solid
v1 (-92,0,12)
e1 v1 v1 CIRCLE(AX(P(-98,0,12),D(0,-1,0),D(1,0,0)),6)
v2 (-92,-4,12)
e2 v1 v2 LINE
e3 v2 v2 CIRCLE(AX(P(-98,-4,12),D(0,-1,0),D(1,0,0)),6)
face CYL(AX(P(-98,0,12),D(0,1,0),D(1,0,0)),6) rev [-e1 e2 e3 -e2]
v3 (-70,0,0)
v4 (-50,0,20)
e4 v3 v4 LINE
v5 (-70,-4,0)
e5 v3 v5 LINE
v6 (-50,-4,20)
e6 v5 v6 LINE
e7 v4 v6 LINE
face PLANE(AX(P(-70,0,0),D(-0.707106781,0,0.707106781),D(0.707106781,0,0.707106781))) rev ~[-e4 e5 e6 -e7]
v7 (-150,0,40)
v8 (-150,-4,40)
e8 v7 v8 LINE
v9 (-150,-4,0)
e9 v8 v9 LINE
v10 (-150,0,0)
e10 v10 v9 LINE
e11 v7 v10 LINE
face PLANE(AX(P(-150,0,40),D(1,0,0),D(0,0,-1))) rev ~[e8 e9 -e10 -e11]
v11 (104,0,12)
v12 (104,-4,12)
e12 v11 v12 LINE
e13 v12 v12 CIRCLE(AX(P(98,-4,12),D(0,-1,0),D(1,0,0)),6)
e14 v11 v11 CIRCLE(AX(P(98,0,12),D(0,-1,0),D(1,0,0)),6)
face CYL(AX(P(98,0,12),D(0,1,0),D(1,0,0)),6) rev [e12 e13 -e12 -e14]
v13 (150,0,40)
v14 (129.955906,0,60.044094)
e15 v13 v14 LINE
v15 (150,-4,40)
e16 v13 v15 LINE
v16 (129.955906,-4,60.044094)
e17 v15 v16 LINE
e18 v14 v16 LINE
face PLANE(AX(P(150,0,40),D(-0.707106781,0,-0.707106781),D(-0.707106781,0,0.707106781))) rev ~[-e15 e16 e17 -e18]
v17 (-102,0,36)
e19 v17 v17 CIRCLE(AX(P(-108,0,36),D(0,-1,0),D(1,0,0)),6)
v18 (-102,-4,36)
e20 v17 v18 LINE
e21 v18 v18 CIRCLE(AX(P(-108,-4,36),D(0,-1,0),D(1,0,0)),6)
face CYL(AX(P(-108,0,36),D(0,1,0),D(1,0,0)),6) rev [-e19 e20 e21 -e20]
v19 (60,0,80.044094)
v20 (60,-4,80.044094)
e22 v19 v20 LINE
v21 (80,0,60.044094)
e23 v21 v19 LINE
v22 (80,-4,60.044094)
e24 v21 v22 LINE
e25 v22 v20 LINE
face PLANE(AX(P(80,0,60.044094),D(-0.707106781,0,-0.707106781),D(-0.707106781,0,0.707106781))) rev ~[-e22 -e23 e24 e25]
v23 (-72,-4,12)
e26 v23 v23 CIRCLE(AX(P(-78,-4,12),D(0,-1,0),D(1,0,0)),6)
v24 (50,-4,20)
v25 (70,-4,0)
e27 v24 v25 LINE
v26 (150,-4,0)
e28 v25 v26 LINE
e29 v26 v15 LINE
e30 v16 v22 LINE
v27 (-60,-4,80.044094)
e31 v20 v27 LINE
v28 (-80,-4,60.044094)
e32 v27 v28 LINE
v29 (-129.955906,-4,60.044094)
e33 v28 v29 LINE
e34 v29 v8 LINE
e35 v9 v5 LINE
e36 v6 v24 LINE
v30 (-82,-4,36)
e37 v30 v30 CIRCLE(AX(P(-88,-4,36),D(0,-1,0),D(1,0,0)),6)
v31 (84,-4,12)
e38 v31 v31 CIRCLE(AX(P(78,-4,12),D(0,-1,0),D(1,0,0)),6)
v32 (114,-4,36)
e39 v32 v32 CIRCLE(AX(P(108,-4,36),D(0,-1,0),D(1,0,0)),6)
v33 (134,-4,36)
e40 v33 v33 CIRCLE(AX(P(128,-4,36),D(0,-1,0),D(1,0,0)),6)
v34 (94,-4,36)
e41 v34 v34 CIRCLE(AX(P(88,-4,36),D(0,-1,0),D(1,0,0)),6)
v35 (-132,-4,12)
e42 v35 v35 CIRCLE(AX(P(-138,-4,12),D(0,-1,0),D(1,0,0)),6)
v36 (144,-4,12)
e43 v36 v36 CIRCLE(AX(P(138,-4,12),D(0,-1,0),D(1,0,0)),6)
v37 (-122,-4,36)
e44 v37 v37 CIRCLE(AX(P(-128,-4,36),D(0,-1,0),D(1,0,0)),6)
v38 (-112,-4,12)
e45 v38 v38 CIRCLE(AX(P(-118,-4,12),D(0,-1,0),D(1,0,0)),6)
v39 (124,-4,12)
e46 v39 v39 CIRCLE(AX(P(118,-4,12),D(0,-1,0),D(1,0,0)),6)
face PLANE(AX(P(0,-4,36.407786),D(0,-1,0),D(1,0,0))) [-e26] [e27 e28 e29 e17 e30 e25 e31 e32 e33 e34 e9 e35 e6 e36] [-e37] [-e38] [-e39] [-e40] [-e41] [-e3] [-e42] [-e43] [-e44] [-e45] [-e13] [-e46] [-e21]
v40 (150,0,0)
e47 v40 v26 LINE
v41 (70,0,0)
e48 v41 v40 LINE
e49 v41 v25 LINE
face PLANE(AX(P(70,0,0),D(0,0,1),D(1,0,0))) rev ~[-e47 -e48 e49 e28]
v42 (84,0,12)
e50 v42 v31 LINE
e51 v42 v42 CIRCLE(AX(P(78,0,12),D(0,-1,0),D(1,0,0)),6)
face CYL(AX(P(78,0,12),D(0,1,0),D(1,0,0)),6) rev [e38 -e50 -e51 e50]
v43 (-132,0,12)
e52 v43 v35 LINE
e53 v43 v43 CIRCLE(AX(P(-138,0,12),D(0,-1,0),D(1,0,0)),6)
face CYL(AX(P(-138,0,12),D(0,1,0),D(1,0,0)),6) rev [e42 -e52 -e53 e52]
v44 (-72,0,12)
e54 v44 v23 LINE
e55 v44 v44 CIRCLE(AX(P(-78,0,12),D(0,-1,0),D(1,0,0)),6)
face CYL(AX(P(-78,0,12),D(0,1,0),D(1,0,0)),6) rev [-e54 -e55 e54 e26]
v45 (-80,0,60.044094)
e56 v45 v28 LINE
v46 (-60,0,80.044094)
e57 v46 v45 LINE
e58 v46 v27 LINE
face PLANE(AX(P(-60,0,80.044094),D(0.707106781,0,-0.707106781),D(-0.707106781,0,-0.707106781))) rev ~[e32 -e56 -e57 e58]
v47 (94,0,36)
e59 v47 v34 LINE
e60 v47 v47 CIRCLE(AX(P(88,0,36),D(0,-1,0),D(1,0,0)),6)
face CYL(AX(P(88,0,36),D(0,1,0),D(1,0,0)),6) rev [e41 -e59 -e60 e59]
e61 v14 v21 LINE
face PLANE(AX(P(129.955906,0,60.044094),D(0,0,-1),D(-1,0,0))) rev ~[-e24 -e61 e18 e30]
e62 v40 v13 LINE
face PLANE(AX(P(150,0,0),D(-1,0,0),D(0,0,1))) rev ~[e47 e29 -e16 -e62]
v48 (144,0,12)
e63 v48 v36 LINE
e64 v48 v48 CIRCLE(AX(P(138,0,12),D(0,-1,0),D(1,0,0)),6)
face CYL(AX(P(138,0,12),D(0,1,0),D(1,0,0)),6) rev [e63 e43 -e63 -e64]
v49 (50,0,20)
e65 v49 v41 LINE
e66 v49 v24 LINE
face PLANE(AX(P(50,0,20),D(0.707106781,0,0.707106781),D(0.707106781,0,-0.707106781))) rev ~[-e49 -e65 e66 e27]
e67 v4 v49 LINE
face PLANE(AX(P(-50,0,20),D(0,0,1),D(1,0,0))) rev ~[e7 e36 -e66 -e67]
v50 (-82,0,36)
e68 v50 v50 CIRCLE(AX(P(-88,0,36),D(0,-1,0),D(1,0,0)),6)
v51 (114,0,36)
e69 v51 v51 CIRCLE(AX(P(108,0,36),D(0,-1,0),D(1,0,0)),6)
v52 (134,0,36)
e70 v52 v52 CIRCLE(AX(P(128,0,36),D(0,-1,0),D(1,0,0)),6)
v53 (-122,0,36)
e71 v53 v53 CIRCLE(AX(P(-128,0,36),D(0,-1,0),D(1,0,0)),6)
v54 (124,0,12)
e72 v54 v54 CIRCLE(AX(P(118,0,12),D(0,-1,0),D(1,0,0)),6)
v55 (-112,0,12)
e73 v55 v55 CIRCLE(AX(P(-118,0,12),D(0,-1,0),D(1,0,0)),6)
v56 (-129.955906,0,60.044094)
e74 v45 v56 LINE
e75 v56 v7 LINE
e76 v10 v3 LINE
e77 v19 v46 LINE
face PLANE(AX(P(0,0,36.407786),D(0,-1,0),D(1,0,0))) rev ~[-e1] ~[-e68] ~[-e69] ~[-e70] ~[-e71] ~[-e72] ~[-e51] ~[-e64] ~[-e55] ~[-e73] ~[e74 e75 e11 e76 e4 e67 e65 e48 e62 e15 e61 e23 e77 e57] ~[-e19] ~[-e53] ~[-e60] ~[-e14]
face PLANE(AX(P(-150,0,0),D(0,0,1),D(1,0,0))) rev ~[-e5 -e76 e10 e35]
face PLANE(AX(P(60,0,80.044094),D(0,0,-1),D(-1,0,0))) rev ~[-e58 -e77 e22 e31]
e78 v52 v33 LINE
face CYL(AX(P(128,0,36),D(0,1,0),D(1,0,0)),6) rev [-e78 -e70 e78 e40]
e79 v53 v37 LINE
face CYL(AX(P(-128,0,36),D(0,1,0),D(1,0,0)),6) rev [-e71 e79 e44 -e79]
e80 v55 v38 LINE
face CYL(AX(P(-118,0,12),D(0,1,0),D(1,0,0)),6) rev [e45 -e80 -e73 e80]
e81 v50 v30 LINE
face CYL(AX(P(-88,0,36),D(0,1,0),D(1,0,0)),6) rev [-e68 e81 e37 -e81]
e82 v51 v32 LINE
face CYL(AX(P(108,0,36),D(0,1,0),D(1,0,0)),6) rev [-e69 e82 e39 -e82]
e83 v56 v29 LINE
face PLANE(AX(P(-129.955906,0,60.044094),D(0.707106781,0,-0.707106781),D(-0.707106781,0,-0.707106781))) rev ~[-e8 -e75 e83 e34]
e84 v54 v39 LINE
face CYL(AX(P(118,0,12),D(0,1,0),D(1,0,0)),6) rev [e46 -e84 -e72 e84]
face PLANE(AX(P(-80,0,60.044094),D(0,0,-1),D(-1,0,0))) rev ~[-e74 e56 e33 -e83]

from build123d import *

# Parameters (mm, degrees)
F0_R     = 6
F1_DEPTH = 4


with BuildPart() as f1:
    # F0 (on Front) → F1 (new body)
    with BuildSketch(Plane.XZ):
        Polygon((-60, 80.044094), (-80, 60.044094), (-129.955906, 60.044094), (-150, 40), (-150, 0), (-70, 0), (-50, 20), (0, 20), (50, 20), (70, 0), (150, 0), (150, 40), (129.955906, 60.044094), (80, 60.044094), (60, 80.044094), (0, 80.044094), align=None)
        with Locations((-138, 12)):
            Circle(F0_R, mode=Mode.SUBTRACT)
        with Locations((-118, 12)):
            Circle(F0_R, mode=Mode.SUBTRACT)
        with Locations((-98, 12)):
            Circle(F0_R, mode=Mode.SUBTRACT)
        with Locations((-78, 12)):
            Circle(F0_R, mode=Mode.SUBTRACT)
        with Locations((-128, 36)):
            Circle(F0_R, mode=Mode.SUBTRACT)
        with Locations((-108, 36)):
            Circle(F0_R, mode=Mode.SUBTRACT)
        with Locations((-88, 36)):
            Circle(F0_R, mode=Mode.SUBTRACT)
        with Locations((78, 12)):
            Circle(F0_R, mode=Mode.SUBTRACT)
        with Locations((98, 12)):
            Circle(F0_R, mode=Mode.SUBTRACT)
        with Locations((118, 12)):
            Circle(F0_R, mode=Mode.SUBTRACT)
        with Locations((138, 12)):
            Circle(F0_R, mode=Mode.SUBTRACT)
        with Locations((88, 36)):
            Circle(F0_R, mode=Mode.SUBTRACT)
        with Locations((108, 36)):
            Circle(F0_R, mode=Mode.SUBTRACT)
        with Locations((128, 36)):
            Circle(F0_R, mode=Mode.SUBTRACT)
    extrude(amount=F1_DEPTH)


solid = f1.part
